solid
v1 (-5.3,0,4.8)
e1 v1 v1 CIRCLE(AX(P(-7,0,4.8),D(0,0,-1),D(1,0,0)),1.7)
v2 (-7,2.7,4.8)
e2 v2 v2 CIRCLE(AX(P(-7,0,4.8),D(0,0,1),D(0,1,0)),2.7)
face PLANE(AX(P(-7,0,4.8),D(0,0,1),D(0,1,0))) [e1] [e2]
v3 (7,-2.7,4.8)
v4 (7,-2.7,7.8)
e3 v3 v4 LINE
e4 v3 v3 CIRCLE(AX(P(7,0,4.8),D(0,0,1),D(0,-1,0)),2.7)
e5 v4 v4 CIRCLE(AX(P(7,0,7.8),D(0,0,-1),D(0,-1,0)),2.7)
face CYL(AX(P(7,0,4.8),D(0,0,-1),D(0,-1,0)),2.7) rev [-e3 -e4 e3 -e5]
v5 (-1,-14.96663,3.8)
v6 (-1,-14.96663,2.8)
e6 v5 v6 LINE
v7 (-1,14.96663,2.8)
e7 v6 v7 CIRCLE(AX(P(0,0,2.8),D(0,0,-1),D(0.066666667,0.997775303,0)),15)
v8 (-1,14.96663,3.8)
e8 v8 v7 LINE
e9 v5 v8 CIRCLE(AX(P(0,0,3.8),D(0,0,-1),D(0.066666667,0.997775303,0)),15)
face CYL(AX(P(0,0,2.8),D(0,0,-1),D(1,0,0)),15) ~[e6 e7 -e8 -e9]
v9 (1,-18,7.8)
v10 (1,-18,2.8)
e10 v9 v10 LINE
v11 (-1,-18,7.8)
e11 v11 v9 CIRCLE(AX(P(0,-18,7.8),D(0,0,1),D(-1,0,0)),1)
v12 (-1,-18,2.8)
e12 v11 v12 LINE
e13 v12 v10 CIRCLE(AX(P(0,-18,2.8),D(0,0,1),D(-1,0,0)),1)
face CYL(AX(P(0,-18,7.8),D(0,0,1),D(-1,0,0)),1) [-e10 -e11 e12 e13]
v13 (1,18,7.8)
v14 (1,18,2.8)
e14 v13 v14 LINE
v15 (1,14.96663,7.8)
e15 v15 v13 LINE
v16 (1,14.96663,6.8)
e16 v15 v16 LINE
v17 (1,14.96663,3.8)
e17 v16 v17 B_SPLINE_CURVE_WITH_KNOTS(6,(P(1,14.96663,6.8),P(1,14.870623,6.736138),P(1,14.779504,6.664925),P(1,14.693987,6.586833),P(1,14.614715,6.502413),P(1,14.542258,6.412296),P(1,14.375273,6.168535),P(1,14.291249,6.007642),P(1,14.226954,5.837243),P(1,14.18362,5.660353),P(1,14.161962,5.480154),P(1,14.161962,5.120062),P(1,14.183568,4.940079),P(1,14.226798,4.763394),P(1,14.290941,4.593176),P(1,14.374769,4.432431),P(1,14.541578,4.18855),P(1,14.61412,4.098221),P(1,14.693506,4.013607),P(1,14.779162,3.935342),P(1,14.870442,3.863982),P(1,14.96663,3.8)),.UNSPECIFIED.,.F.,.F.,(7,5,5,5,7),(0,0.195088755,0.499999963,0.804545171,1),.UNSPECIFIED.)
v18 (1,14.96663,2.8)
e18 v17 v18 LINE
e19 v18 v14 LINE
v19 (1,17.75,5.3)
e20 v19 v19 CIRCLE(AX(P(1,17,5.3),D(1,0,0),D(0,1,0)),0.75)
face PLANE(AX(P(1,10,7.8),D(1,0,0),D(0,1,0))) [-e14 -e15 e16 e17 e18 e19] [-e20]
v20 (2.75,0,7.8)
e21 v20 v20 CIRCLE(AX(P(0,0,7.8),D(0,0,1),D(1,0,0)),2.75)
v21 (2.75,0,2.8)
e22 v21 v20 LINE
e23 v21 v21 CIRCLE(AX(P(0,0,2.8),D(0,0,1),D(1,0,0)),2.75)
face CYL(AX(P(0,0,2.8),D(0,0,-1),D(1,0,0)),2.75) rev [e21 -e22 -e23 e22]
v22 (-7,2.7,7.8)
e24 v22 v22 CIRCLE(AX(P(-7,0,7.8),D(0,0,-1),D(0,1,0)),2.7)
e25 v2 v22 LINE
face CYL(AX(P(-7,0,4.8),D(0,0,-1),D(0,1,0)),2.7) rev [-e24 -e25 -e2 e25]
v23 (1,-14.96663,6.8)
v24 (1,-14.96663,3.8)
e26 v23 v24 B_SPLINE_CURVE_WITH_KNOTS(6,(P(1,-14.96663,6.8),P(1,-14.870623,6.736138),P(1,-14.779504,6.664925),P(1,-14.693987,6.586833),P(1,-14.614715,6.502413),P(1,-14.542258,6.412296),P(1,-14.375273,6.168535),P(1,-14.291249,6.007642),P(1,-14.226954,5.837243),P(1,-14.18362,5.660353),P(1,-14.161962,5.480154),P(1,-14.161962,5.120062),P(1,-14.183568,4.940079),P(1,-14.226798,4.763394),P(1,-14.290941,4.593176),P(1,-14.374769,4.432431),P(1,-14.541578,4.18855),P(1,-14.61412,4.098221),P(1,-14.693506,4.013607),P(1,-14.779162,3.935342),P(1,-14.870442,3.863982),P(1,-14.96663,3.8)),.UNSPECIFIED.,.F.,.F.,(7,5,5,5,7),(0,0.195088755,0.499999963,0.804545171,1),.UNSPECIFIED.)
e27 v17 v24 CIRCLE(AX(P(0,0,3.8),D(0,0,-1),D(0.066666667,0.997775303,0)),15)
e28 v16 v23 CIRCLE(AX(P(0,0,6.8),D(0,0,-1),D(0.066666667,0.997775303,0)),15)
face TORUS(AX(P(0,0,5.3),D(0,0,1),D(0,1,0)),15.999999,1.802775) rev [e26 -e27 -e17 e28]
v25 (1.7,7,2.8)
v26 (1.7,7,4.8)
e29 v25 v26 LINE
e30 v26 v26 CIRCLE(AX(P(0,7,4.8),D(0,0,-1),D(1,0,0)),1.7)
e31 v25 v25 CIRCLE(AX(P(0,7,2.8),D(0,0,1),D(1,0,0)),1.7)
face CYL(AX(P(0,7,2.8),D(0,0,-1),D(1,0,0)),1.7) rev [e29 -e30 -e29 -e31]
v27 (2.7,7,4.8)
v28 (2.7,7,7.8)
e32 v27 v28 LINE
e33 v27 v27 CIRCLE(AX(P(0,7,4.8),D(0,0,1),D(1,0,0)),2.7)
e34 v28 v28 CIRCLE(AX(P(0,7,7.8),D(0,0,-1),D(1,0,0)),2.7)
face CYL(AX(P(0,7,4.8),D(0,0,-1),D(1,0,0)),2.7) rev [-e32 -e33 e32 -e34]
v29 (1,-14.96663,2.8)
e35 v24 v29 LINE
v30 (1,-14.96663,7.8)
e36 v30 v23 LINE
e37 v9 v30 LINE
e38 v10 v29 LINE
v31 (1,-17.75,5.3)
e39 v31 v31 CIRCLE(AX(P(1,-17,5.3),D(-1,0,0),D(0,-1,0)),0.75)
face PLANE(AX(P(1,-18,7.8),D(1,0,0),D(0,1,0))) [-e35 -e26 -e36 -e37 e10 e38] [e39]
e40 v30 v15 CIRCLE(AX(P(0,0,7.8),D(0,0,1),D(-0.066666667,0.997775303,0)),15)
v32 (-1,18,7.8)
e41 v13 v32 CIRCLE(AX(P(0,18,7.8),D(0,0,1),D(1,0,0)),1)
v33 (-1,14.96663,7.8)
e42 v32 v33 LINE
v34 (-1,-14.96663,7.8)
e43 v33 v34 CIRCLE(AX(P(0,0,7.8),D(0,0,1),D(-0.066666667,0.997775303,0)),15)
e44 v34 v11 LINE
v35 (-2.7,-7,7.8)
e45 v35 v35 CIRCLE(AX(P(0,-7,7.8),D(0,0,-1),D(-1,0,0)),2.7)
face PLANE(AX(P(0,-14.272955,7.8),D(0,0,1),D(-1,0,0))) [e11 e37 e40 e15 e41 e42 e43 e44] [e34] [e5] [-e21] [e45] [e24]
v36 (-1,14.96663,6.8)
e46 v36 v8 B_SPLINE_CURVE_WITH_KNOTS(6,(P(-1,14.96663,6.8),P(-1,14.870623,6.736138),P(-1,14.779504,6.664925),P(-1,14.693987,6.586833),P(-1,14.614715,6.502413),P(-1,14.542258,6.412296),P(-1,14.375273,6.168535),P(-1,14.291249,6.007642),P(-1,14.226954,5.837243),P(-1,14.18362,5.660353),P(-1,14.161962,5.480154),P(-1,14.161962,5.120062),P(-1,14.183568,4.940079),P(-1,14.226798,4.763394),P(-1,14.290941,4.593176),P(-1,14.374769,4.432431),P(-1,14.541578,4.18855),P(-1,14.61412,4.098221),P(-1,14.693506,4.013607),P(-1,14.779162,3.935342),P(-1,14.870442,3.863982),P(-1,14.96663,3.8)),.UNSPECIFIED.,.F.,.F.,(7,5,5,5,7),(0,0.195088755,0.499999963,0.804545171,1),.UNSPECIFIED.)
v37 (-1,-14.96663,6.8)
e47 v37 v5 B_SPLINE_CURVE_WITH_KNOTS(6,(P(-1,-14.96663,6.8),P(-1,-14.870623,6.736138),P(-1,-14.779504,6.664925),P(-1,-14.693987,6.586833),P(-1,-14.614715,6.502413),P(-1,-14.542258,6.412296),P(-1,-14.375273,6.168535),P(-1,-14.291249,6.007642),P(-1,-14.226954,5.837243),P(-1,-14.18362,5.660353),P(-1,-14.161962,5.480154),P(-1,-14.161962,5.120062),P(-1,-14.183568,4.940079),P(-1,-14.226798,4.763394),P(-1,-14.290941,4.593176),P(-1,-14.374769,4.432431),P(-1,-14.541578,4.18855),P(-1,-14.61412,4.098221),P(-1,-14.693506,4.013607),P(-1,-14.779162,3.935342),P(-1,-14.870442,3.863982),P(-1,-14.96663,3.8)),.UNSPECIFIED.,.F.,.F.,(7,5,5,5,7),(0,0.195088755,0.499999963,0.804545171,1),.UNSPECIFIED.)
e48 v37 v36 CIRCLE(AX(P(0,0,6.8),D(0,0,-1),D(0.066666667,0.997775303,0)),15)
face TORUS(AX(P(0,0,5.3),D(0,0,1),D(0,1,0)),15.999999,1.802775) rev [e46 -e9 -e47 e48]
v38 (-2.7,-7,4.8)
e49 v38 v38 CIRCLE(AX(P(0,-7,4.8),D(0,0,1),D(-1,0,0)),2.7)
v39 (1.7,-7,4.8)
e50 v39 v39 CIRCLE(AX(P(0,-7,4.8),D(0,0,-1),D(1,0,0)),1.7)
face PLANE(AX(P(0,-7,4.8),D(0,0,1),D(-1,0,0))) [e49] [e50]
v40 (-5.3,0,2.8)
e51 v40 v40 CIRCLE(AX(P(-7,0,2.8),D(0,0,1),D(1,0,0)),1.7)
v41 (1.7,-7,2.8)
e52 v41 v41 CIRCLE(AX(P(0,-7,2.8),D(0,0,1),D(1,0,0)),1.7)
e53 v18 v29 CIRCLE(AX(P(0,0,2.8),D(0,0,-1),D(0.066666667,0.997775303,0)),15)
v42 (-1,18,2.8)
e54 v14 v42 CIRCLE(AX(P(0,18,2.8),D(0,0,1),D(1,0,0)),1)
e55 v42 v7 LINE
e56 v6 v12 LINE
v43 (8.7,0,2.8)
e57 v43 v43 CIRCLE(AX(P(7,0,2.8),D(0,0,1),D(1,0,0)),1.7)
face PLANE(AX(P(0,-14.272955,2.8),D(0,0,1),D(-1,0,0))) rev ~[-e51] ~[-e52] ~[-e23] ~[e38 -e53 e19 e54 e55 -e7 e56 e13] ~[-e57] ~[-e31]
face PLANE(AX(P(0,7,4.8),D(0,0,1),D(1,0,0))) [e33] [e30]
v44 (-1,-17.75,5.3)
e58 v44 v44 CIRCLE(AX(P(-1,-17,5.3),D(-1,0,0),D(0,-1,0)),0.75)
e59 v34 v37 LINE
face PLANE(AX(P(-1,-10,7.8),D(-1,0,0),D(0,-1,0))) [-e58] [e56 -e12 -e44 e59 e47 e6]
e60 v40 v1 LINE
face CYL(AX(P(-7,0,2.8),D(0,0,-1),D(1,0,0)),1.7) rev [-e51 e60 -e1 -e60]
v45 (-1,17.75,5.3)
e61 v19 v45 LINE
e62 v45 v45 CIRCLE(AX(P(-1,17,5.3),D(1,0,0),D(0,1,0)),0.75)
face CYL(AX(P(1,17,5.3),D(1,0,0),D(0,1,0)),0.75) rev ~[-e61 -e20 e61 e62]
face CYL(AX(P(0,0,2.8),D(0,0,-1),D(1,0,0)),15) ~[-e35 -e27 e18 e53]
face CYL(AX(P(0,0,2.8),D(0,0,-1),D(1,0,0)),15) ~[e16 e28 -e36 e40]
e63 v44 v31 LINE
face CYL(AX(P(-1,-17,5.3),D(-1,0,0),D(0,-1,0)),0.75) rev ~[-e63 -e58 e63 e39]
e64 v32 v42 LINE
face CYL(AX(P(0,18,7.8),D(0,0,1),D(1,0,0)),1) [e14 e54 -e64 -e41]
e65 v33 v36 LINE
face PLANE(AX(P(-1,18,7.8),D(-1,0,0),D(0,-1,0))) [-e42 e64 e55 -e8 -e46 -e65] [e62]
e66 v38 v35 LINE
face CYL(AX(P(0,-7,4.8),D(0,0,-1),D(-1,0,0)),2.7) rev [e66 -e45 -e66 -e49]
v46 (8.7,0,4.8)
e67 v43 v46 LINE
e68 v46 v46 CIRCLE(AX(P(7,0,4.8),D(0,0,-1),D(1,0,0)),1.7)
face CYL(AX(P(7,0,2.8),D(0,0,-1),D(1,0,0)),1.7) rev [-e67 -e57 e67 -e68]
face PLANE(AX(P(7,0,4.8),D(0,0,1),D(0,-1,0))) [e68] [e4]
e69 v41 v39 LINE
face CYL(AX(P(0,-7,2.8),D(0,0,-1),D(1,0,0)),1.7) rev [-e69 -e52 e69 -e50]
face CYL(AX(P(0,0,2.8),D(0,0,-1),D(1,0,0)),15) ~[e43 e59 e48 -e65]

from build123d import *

# Parameters (mm, degrees)
SKETCH050_R             = 15
SKETCH050_R_2           = 2.75
SKETCH050_R_3           = 1.7
PAD021_DEPTH            = 5
SKETCH051_R             = 2.7
POCKET026_DEPTH         = 88.441037
POLARPATTERN004_COUNT   = 4
PAD022_DEPTH            = 5
SKETCH054_R             = 0.75
POCKET027_DEPTH         = 5
POLARPATTERN005_COUNT   = 2
BODY011_PLACEMENT_ANGLE = 270


with BuildPart() as part:
    # Sketch050 → Pad021 (new body)
    with BuildSketch(Plane.XZ):
        Circle(SKETCH050_R)
        Circle(SKETCH050_R_2, mode=Mode.SUBTRACT)
        with Locations((0, 7)):
            Circle(SKETCH050_R_3, mode=Mode.SUBTRACT)
        with Locations((-7, 0)):
            Circle(SKETCH050_R_3, mode=Mode.SUBTRACT)
        with Locations((0, -7)):
            Circle(SKETCH050_R_3, mode=Mode.SUBTRACT)
        with Locations((7, 0)):
            Circle(SKETCH050_R_3, mode=Mode.SUBTRACT)
    extrude(amount=PAD021_DEPTH)

    # Sketch051 → Pocket026 (cut, through all)
    with BuildSketch(Plane.XZ.offset(2)):
        with Locations((0, 7)):
            Circle(SKETCH051_R)
    pocket026 = extrude(amount=POCKET026_DEPTH, mode=Mode.SUBTRACT)

    # PolarPattern004: Pocket026 ×4 about axis
    polarpattern004_axis = Axis((0, -2, 0), (0, -1, 0))
    for i in range(1, POLARPATTERN004_COUNT):
        add(pocket026.rotate(polarpattern004_axis, i * 360 / POLARPATTERN004_COUNT), mode=Mode.SUBTRACT)

    # Sketch052 → Groove003 (revolve, cut)
    with BuildSketch(Plane.YZ):
        with BuildLine():
            ThreePointArc((-4, 15), (-2.5, 14.197224), (-1, 15))
            Line((-4, 15), (-1, 15))
        make_face()
    revolve(axis=Axis((0, 0, 0), (0, 1, 0)), mode=Mode.SUBTRACT)

    # Sketch053 (on Face10 of Groove003) → Pad022 (join)
    with BuildSketch(Plane.XZ.offset(5)):
        with BuildLine():
            ThreePointArc((1, 18), (0, 19), (-1, 18))
            Line((-1, 18), (-1, 10))
            Line((-1, 10), (1, 10))
            Line((1, 10), (1, 18))
        make_face()
    pad022 = extrude(amount=-PAD022_DEPTH)

    # Sketch054 (on Face6 of Pad022) → Pocket027 (cut)
    with BuildSketch(Plane(origin=(1, 0, 0), x_dir=(0, 0, 1), z_dir=(1, 0, 0))):
        with Locations((17, 2.5)):
            Circle(SKETCH054_R)
    pocket027 = extrude(amount=-POCKET027_DEPTH, mode=Mode.SUBTRACT)

    # PolarPattern005: Pad022, Pocket027 ×2 about axis
    polarpattern005_axis = Axis((0, -5, 0), (0, -1, 0))
    for i in range(1, POLARPATTERN005_COUNT):
        add(pad022.rotate(polarpattern005_axis, i * 360 / POLARPATTERN005_COUNT))
        add(pocket027.rotate(polarpattern005_axis, i * 360 / POLARPATTERN005_COUNT), mode=Mode.SUBTRACT)


with BuildPart() as part_1:
    # Body011 placement: moved
    add(part.part.moved(Location((0, 0, 2.8))).rotate(Axis((0, 0, 2.8), (1, 0, 0)), BODY011_PLACEMENT_ANGLE))


solid = part_1.part
